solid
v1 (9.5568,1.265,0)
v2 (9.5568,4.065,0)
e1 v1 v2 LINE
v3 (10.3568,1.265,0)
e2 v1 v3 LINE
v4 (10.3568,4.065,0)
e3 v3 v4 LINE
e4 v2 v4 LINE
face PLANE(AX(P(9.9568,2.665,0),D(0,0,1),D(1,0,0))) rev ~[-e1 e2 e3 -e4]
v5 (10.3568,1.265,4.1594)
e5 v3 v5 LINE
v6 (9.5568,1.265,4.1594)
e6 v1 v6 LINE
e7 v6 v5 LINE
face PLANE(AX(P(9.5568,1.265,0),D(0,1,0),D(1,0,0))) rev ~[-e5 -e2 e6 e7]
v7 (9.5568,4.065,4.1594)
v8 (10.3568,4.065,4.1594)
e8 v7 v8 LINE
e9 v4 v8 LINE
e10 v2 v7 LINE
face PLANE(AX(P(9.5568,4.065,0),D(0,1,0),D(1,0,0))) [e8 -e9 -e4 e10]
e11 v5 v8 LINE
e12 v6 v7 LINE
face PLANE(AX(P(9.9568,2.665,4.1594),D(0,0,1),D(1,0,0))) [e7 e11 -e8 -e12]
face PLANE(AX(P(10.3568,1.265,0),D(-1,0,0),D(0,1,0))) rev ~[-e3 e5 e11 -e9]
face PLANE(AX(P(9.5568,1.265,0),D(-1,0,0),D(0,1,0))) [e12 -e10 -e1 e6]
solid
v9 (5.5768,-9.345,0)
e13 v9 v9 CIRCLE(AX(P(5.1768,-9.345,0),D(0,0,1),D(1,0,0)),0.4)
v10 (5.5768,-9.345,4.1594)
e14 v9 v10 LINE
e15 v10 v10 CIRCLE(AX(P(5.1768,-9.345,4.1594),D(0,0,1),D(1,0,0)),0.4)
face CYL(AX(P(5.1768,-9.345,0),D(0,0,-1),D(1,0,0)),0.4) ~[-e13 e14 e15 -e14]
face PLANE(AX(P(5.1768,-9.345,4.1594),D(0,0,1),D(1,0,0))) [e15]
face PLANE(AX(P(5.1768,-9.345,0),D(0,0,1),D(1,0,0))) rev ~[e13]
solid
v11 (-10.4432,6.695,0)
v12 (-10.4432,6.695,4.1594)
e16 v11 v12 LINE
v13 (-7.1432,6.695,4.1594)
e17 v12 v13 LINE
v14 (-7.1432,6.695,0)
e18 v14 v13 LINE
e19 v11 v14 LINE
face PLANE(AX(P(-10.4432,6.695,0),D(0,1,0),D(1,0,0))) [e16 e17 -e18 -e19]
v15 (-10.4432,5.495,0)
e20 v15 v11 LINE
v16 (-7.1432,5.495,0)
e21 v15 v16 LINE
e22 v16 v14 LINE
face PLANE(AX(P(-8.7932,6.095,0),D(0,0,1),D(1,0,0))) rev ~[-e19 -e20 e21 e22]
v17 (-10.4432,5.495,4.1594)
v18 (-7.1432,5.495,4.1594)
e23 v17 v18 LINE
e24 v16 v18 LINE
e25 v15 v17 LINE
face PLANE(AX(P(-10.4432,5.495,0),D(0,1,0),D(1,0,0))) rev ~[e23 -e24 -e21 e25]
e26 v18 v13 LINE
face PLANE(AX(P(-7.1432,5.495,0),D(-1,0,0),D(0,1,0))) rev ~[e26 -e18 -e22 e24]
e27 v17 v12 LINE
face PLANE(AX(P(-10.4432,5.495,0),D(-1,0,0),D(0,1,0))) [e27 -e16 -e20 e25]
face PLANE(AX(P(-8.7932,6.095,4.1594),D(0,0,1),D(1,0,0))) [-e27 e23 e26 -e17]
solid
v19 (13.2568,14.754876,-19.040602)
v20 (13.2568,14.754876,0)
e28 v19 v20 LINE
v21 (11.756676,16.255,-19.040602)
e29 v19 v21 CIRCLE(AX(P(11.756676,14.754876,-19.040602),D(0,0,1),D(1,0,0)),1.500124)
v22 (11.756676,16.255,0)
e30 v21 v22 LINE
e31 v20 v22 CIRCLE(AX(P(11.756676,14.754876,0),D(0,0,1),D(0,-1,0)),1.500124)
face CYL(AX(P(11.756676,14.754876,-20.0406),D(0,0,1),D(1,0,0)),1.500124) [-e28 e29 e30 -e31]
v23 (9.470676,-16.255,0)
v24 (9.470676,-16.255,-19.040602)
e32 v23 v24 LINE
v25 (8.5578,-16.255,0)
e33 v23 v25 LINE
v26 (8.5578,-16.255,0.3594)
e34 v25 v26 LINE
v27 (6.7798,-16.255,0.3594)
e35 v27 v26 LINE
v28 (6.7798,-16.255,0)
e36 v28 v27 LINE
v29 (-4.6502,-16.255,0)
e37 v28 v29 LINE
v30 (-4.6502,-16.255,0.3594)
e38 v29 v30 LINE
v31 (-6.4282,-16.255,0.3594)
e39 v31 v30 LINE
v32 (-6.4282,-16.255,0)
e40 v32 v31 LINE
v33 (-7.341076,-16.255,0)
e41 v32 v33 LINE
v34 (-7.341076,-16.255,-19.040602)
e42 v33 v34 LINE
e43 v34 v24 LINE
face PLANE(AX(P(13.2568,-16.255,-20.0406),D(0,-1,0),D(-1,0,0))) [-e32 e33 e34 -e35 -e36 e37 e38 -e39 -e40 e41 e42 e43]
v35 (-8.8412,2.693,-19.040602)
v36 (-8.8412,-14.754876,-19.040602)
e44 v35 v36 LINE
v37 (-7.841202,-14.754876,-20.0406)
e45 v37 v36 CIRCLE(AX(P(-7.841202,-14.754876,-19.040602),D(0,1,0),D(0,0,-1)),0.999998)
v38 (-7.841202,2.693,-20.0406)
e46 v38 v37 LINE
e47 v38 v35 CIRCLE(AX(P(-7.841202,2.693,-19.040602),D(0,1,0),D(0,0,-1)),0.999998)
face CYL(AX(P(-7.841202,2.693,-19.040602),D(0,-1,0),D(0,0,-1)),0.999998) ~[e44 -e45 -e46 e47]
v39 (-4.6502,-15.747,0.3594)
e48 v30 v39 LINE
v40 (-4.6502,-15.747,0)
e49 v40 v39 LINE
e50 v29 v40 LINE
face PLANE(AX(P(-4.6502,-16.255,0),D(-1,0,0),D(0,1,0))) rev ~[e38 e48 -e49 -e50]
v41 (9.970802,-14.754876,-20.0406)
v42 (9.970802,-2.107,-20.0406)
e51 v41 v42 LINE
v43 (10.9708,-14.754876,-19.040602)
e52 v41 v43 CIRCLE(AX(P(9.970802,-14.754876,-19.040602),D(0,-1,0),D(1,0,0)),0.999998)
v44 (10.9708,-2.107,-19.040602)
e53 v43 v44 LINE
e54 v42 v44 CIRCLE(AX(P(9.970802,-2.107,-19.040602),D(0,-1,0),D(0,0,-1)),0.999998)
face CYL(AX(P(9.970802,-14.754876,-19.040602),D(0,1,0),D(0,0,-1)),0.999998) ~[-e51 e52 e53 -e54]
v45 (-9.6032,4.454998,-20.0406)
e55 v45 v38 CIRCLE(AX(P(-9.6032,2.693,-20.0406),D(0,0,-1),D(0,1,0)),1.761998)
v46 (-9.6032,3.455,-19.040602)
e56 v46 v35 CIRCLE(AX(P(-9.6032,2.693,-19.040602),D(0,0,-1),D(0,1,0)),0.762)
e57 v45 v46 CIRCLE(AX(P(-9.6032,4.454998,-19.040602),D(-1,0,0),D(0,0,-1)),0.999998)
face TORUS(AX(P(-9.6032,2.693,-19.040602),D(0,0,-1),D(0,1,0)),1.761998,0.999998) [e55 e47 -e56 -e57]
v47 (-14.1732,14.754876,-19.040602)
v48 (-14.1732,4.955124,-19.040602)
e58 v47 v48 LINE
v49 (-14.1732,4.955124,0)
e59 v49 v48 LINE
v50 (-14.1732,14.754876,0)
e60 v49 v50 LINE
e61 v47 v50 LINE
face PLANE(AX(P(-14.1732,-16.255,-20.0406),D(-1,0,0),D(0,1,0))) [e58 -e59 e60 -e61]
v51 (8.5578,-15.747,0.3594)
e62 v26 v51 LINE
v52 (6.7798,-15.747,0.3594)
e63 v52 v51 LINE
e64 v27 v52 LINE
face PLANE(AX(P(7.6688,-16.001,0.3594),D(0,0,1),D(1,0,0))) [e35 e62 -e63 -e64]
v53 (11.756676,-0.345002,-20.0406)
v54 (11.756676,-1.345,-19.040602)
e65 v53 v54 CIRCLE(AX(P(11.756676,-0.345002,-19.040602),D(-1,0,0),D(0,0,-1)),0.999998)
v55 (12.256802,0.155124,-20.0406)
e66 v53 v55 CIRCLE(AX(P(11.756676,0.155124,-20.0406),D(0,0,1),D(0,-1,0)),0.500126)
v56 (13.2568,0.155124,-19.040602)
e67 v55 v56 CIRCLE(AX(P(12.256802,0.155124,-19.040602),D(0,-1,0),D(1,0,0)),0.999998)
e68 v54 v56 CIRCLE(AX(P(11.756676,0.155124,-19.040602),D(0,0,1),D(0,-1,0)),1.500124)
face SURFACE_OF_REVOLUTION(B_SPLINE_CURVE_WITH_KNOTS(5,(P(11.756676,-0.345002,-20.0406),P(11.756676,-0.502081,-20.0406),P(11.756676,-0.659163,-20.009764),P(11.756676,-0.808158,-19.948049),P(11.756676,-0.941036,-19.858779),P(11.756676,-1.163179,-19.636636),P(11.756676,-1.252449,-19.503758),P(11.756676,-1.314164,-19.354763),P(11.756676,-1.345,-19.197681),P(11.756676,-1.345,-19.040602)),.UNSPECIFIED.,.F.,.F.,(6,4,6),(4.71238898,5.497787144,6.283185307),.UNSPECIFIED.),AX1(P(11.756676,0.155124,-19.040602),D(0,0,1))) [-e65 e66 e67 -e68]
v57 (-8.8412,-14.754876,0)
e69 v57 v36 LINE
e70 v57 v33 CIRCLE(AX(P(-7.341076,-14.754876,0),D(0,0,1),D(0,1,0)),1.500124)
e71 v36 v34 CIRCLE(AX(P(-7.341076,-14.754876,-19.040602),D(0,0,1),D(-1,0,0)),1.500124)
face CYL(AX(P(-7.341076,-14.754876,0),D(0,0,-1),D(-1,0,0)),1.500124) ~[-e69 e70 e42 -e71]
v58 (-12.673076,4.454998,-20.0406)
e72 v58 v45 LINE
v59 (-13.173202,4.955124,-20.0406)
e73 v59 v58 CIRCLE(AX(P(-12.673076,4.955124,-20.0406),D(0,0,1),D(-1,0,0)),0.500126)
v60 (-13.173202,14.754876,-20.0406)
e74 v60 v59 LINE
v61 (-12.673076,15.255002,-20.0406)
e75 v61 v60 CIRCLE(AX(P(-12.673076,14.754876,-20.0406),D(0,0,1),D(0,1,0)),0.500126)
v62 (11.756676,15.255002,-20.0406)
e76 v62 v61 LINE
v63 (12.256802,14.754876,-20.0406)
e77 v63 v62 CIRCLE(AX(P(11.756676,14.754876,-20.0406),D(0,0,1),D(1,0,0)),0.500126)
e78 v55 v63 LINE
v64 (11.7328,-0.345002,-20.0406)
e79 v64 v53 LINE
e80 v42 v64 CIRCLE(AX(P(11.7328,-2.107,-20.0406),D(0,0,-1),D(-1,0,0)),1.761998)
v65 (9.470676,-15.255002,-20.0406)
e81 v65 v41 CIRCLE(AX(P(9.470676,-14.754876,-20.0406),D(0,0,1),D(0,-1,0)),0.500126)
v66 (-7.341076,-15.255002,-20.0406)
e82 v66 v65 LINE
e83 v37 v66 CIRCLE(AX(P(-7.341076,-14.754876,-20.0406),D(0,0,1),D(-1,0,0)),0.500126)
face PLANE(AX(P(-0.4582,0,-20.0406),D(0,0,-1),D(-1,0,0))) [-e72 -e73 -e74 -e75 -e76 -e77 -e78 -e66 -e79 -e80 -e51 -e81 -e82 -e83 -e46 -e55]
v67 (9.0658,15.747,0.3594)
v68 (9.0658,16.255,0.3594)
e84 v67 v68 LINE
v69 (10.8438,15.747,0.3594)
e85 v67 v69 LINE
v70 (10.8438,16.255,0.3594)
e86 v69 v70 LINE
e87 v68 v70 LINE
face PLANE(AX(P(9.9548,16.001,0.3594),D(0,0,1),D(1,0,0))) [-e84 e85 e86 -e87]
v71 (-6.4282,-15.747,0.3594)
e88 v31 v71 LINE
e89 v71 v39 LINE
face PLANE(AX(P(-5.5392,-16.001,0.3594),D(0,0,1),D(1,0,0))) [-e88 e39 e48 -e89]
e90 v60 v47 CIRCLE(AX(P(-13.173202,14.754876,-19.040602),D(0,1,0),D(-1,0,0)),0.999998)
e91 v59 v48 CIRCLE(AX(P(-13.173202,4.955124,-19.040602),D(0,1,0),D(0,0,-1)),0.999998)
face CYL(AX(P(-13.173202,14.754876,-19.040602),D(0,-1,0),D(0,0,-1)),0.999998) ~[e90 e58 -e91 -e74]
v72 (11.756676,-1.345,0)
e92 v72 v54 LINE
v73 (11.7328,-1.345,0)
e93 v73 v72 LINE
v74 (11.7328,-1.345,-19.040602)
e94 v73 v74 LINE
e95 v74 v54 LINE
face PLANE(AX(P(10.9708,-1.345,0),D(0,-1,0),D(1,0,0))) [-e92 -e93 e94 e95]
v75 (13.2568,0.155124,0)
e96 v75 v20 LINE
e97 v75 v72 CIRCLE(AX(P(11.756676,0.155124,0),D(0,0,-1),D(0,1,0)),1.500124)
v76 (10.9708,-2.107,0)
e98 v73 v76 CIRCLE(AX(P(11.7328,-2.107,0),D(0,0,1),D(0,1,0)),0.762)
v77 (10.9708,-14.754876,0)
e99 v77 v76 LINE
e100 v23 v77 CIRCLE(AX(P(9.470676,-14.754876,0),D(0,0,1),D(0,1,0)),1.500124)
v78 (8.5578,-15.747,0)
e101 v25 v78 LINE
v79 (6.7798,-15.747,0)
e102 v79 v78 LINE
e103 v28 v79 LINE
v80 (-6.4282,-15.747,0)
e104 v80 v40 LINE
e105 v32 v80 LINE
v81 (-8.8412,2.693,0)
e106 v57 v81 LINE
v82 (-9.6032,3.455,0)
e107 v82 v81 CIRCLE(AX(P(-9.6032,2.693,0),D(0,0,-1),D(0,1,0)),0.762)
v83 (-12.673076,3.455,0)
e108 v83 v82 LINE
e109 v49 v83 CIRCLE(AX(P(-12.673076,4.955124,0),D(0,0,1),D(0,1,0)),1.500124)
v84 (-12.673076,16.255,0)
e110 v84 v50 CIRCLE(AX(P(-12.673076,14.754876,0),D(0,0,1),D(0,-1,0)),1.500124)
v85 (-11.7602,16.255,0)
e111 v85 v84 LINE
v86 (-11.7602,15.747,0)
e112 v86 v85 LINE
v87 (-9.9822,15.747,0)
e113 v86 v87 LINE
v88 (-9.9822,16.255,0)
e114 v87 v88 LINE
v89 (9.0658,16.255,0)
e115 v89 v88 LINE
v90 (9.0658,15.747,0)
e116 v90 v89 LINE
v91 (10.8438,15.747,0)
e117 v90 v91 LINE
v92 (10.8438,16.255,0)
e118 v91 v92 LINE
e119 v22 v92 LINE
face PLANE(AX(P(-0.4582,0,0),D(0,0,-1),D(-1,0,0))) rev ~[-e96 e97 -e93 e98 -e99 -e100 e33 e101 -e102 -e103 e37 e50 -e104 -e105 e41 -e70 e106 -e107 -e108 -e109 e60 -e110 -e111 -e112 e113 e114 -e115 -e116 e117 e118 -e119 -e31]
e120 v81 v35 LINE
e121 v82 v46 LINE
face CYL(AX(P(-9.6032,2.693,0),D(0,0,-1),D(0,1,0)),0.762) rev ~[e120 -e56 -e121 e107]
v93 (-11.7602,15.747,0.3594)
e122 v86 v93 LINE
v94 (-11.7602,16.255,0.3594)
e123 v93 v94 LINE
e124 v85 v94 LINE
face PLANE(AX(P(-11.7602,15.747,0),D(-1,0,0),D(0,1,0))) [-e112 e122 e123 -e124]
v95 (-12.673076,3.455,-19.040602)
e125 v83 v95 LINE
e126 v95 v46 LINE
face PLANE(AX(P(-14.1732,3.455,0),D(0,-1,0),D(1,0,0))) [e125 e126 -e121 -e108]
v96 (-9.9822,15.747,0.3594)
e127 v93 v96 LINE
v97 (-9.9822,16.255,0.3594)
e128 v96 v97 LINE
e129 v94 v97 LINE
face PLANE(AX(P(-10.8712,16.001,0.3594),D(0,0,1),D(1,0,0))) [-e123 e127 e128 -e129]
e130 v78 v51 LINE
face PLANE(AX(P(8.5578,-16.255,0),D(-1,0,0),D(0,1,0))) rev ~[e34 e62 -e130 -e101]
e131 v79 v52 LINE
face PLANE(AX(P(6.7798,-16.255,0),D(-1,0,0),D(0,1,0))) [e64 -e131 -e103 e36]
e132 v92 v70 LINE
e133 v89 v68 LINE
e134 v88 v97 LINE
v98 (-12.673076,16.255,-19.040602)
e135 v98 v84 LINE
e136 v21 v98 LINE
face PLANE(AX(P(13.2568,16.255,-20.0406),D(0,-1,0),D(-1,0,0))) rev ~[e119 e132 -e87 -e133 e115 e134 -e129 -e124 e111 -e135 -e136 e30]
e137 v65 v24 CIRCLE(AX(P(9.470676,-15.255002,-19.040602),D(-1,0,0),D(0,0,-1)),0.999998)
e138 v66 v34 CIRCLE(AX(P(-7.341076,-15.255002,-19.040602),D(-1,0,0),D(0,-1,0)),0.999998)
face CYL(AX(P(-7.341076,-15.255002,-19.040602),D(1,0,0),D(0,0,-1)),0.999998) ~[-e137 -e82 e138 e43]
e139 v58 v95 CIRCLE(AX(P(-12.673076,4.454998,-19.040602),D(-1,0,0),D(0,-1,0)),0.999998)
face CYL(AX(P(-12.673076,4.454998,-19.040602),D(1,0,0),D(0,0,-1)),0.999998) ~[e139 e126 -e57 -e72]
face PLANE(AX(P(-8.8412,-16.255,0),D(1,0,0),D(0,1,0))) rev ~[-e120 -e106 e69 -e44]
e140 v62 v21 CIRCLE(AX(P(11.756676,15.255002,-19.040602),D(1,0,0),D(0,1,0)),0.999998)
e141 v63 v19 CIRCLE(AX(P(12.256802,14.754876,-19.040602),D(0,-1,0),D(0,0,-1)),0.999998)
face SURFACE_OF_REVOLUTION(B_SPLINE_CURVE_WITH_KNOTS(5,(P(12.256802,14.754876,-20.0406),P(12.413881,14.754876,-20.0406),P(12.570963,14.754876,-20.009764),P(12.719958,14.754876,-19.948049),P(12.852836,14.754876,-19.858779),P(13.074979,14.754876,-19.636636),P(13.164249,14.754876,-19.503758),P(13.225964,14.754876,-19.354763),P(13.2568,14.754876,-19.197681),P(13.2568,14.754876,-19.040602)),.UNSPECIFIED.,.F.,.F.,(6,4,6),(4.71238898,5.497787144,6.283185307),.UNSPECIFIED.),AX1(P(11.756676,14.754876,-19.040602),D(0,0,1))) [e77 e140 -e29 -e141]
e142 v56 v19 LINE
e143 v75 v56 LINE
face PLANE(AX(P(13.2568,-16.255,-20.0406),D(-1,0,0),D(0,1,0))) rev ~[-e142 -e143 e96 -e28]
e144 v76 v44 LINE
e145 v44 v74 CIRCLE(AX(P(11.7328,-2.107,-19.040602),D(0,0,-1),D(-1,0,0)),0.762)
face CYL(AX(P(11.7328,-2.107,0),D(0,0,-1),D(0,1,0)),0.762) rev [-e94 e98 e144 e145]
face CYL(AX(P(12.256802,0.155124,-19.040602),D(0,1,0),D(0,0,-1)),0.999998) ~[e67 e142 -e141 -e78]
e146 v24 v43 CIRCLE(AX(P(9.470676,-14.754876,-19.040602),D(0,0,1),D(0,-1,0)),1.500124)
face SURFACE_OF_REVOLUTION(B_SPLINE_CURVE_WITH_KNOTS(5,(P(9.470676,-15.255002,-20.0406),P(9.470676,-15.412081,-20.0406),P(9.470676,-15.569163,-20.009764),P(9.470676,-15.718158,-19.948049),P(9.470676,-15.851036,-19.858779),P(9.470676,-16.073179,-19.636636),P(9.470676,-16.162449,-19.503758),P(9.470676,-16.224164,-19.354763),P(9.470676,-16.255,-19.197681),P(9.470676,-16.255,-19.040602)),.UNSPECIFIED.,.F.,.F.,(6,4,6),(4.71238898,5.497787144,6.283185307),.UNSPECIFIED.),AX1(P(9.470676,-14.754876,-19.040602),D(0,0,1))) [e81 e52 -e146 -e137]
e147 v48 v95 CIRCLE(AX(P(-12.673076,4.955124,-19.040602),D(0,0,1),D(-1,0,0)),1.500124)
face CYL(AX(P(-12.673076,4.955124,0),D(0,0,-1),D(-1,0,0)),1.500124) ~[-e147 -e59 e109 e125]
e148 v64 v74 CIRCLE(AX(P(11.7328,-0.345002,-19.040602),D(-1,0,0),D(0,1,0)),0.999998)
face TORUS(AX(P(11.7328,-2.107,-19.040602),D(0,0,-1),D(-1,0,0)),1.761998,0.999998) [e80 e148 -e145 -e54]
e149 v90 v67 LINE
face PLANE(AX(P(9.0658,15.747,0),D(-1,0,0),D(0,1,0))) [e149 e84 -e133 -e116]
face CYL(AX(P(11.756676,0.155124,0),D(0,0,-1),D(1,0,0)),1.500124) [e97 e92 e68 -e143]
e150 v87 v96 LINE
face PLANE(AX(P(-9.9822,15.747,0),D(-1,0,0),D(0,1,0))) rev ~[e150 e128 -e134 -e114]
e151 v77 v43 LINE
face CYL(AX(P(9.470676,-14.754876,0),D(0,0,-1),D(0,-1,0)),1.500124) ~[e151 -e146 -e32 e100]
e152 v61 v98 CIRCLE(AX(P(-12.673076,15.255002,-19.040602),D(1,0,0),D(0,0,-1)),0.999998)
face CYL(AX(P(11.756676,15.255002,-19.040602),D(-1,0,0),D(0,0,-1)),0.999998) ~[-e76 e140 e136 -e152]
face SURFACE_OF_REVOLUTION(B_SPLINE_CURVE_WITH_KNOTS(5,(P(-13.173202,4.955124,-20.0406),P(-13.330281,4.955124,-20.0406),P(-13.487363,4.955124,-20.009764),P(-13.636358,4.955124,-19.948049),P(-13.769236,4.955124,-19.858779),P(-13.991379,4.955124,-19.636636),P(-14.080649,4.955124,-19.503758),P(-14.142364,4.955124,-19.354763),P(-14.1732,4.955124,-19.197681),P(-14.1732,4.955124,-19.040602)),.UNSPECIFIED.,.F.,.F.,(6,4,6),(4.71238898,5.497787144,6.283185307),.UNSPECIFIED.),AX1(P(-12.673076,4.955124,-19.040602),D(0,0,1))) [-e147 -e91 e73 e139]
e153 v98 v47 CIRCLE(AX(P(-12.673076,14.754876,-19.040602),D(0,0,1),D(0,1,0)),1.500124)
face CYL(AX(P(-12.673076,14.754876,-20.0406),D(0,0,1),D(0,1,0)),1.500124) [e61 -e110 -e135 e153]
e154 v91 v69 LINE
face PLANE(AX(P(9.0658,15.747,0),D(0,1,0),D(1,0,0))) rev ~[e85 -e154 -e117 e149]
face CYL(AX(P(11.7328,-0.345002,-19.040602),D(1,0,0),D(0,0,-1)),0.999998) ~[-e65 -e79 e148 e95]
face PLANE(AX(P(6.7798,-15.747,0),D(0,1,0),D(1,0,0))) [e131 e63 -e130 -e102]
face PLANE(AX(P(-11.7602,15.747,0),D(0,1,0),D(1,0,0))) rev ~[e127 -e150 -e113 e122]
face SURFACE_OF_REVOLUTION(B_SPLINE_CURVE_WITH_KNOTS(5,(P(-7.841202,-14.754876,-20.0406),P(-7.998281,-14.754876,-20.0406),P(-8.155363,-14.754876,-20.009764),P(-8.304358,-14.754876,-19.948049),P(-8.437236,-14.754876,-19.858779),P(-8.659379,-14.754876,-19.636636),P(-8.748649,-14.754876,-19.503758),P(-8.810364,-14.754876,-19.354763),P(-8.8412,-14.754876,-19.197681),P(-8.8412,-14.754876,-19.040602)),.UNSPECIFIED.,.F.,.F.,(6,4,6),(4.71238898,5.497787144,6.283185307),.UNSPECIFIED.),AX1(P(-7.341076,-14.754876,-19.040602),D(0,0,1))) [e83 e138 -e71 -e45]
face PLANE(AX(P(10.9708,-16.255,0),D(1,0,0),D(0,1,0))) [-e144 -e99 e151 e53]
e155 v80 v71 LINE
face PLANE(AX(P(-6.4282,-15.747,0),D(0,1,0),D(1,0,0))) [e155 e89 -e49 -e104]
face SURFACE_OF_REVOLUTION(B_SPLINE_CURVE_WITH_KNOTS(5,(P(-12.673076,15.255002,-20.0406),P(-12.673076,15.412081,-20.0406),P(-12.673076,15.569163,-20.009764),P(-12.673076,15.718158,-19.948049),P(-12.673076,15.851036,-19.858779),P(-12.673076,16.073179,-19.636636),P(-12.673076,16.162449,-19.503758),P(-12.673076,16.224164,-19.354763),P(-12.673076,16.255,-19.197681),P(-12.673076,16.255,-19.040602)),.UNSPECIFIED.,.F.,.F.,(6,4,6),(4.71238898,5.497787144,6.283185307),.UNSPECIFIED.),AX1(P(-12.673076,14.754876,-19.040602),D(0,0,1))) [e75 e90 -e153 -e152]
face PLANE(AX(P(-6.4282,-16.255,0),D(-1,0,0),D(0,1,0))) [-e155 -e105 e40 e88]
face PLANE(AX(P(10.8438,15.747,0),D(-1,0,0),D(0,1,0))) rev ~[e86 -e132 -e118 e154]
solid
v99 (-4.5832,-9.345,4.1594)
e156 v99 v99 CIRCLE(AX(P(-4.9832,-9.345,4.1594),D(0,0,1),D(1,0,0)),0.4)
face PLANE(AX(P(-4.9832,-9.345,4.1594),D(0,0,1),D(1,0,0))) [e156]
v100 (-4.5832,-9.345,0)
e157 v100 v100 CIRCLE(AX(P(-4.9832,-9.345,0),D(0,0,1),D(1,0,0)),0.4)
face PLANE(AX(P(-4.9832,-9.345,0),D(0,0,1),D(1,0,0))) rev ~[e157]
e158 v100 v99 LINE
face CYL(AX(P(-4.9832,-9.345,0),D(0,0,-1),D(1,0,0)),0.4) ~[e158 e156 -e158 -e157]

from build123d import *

# Parameters (mm, degrees)
SKETCH1_W           = 27.43
SKETCH1_H           = 32.51
BOSS_EXTRUDE1_DEPTH = 20.0406
SKETCH2_W           = 5.332
SKETCH2_H           = 19.71
CUT_EXTRUDE1_DEPTH  = 21.0406
SKETCH3_W           = 2.286
SKETCH3_H           = 14.91
CUT_EXTRUDE2_DEPTH  = 21.0406
SKETCH4_W           = 3.3
SKETCH4_H           = 1.2
BOSS_EXTRUDE2_DEPTH = 4.1594
SKETCH5_W           = 0.8
SKETCH5_H           = 2.8
BOSS_EXTRUDE3_DEPTH = 4.1594
SKETCH6_R           = 0.4
BOSS_EXTRUDE4_DEPTH = 4.1594
SKETCH7_W           = 1.778
SKETCH7_H           = 0.508
BOSS_EXTRUDE5_DEPTH = 0.3594
SKETCH8_W           = 1.778
SKETCH8_H           = 0.508
BOSS_EXTRUDE6_DEPTH = 0.3594
SKETCH9_W           = 1.778
SKETCH9_H           = 0.508
BOSS_EXTRUDE7_DEPTH = 0.3594
SKETCH10_W          = 1.778
SKETCH10_H          = 0.508
BOSS_EXTRUDE8_DEPTH = 0.3594
SKETCH11_R          = 0.4
BOSS_EXTRUDE9_DEPTH = 4.1594
FILLET1_R           = 1.500124
FILLET2_R           = 0.762
FILLET3_R           = 0.999998


with BuildPart() as part:
    # Sketch1 → Boss-Extrude1 (new body)
    with BuildSketch(Plane(origin=(0, 0, -20.0406), x_dir=(-1, 0, 0), z_dir=(0, 0, -1))):
        with Locations((0.4582, 0)):
            Rectangle(SKETCH1_W, SKETCH1_H)
    extrude(amount=-BOSS_EXTRUDE1_DEPTH)

    # Sketch2 → Cut-Extrude1 (cut, through all)
    with BuildSketch(Plane.XY):
        with Locations((-11.5072, -6.4)):
            Rectangle(SKETCH2_W, SKETCH2_H)
    extrude(amount=-CUT_EXTRUDE1_DEPTH, mode=Mode.SUBTRACT)

    # Sketch3 → Cut-Extrude2 (cut, through all)
    with BuildSketch(Plane.XY):
        with Locations((12.1138, -8.8)):
            Rectangle(SKETCH3_W, SKETCH3_H)
    extrude(amount=-CUT_EXTRUDE2_DEPTH, mode=Mode.SUBTRACT)

    # Sketch7 → Boss-Extrude5 (add)
    with BuildSketch(Plane.XY):
        with Locations((9.9548, 16.001)):
            Rectangle(SKETCH7_W, SKETCH7_H)
    extrude(amount=BOSS_EXTRUDE5_DEPTH)

    # Sketch8 → Boss-Extrude6 (add)
    with BuildSketch(Plane.XY):
        with Locations((-10.8712, 16.001)):
            Rectangle(SKETCH8_W, SKETCH8_H)
    extrude(amount=BOSS_EXTRUDE6_DEPTH)

    # Sketch9 → Boss-Extrude7 (add)
    with BuildSketch(Plane.XY):
        with Locations((-5.5392, -16.001)):
            Rectangle(SKETCH9_W, SKETCH9_H)
    extrude(amount=BOSS_EXTRUDE7_DEPTH)

    # Sketch10 → Boss-Extrude8 (add)
    with BuildSketch(Plane.XY):
        with Locations((7.6688, -16.001)):
            Rectangle(SKETCH10_W, SKETCH10_H)
    extrude(amount=BOSS_EXTRUDE8_DEPTH)

    # Fillet1
    fillet1_edges = [part.edges().sort_by_distance(p)[0] for p in [
        (-8.8412, -16.255, -10.0203),
        (-14.1732, 3.455, -10.0203),
        (13.2568, -1.345, -10.0203),
        (10.9708, -16.255, -10.0203),
        (-14.1732, 16.255, -10.0203),
        (13.2568, 16.255, -10.0203),
    ]]
    fillet(fillet1_edges, radius=FILLET1_R)

    # Fillet2
    fillet2_edges = [part.edges().sort_by_distance(p)[0] for p in [
        (-8.8412, 3.455, -10.0203),
        (10.9708, -1.345, -10.0203),
    ]]
    fillet(fillet2_edges, radius=FILLET2_R)

    # Fillet3
    fillet3_edges = [part.edges().sort_by_distance(p)[0] for p in [
        (-8.8412, -6.030938, -20.0406),
        (-14.1732, 9.855, -20.0406),
        (-0.4582, 16.255, -20.0406),
        (13.2568, 7.455, -20.0406),
        (11.744738, -1.345, -20.0406),
        (-13.733823853, 3.894376147, -20.0406),
        (-8.401823853, -15.815623853, -20.0406),
        (-13.733823853, 15.815623853, -20.0406),
        (12.817423853, -0.905623853, -20.0406),
        (12.817423853, 15.815623853, -20.0406),
        (10.531423853, -15.815623853, -20.0406),
        (10.9708, -8.430938, -20.0406),
        (-11.138138, 3.455, -20.0406),
        (11.193984633, -1.568184633, -20.0406),
        (-9.064384633, 3.231815367, -20.0406),
        (1.0648, -16.255, -20.0406),
    ]]
    fillet(fillet3_edges, radius=FILLET3_R)


with BuildPart() as body_2:
    # Sketch4 → Boss-Extrude2 (new body)
    with BuildSketch(Plane.XY):
        with Locations((-8.7932, 6.095)):
            Rectangle(SKETCH4_W, SKETCH4_H)
    extrude(amount=BOSS_EXTRUDE2_DEPTH)


with BuildPart() as body_3:
    # Sketch5 → Boss-Extrude3 (new body)
    with BuildSketch(Plane.XY):
        with Locations((9.9568, 2.665)):
            Rectangle(SKETCH5_W, SKETCH5_H)
    extrude(amount=BOSS_EXTRUDE3_DEPTH)


with BuildPart() as body_4:
    # Sketch6 → Boss-Extrude4 (new body)
    with BuildSketch(Plane.XY):
        with Locations((-4.9832, -9.345)):
            Circle(SKETCH6_R)
    extrude(amount=BOSS_EXTRUDE4_DEPTH)


with BuildPart() as body_5:
    # Sketch11 → Boss-Extrude9 (new body)
    with BuildSketch(Plane.XY):
        with Locations((5.1768, -9.345)):
            Circle(SKETCH11_R)
    extrude(amount=BOSS_EXTRUDE9_DEPTH)


solid = Compound([part.part, body_2.part, body_3.part, body_4.part, body_5.part])
